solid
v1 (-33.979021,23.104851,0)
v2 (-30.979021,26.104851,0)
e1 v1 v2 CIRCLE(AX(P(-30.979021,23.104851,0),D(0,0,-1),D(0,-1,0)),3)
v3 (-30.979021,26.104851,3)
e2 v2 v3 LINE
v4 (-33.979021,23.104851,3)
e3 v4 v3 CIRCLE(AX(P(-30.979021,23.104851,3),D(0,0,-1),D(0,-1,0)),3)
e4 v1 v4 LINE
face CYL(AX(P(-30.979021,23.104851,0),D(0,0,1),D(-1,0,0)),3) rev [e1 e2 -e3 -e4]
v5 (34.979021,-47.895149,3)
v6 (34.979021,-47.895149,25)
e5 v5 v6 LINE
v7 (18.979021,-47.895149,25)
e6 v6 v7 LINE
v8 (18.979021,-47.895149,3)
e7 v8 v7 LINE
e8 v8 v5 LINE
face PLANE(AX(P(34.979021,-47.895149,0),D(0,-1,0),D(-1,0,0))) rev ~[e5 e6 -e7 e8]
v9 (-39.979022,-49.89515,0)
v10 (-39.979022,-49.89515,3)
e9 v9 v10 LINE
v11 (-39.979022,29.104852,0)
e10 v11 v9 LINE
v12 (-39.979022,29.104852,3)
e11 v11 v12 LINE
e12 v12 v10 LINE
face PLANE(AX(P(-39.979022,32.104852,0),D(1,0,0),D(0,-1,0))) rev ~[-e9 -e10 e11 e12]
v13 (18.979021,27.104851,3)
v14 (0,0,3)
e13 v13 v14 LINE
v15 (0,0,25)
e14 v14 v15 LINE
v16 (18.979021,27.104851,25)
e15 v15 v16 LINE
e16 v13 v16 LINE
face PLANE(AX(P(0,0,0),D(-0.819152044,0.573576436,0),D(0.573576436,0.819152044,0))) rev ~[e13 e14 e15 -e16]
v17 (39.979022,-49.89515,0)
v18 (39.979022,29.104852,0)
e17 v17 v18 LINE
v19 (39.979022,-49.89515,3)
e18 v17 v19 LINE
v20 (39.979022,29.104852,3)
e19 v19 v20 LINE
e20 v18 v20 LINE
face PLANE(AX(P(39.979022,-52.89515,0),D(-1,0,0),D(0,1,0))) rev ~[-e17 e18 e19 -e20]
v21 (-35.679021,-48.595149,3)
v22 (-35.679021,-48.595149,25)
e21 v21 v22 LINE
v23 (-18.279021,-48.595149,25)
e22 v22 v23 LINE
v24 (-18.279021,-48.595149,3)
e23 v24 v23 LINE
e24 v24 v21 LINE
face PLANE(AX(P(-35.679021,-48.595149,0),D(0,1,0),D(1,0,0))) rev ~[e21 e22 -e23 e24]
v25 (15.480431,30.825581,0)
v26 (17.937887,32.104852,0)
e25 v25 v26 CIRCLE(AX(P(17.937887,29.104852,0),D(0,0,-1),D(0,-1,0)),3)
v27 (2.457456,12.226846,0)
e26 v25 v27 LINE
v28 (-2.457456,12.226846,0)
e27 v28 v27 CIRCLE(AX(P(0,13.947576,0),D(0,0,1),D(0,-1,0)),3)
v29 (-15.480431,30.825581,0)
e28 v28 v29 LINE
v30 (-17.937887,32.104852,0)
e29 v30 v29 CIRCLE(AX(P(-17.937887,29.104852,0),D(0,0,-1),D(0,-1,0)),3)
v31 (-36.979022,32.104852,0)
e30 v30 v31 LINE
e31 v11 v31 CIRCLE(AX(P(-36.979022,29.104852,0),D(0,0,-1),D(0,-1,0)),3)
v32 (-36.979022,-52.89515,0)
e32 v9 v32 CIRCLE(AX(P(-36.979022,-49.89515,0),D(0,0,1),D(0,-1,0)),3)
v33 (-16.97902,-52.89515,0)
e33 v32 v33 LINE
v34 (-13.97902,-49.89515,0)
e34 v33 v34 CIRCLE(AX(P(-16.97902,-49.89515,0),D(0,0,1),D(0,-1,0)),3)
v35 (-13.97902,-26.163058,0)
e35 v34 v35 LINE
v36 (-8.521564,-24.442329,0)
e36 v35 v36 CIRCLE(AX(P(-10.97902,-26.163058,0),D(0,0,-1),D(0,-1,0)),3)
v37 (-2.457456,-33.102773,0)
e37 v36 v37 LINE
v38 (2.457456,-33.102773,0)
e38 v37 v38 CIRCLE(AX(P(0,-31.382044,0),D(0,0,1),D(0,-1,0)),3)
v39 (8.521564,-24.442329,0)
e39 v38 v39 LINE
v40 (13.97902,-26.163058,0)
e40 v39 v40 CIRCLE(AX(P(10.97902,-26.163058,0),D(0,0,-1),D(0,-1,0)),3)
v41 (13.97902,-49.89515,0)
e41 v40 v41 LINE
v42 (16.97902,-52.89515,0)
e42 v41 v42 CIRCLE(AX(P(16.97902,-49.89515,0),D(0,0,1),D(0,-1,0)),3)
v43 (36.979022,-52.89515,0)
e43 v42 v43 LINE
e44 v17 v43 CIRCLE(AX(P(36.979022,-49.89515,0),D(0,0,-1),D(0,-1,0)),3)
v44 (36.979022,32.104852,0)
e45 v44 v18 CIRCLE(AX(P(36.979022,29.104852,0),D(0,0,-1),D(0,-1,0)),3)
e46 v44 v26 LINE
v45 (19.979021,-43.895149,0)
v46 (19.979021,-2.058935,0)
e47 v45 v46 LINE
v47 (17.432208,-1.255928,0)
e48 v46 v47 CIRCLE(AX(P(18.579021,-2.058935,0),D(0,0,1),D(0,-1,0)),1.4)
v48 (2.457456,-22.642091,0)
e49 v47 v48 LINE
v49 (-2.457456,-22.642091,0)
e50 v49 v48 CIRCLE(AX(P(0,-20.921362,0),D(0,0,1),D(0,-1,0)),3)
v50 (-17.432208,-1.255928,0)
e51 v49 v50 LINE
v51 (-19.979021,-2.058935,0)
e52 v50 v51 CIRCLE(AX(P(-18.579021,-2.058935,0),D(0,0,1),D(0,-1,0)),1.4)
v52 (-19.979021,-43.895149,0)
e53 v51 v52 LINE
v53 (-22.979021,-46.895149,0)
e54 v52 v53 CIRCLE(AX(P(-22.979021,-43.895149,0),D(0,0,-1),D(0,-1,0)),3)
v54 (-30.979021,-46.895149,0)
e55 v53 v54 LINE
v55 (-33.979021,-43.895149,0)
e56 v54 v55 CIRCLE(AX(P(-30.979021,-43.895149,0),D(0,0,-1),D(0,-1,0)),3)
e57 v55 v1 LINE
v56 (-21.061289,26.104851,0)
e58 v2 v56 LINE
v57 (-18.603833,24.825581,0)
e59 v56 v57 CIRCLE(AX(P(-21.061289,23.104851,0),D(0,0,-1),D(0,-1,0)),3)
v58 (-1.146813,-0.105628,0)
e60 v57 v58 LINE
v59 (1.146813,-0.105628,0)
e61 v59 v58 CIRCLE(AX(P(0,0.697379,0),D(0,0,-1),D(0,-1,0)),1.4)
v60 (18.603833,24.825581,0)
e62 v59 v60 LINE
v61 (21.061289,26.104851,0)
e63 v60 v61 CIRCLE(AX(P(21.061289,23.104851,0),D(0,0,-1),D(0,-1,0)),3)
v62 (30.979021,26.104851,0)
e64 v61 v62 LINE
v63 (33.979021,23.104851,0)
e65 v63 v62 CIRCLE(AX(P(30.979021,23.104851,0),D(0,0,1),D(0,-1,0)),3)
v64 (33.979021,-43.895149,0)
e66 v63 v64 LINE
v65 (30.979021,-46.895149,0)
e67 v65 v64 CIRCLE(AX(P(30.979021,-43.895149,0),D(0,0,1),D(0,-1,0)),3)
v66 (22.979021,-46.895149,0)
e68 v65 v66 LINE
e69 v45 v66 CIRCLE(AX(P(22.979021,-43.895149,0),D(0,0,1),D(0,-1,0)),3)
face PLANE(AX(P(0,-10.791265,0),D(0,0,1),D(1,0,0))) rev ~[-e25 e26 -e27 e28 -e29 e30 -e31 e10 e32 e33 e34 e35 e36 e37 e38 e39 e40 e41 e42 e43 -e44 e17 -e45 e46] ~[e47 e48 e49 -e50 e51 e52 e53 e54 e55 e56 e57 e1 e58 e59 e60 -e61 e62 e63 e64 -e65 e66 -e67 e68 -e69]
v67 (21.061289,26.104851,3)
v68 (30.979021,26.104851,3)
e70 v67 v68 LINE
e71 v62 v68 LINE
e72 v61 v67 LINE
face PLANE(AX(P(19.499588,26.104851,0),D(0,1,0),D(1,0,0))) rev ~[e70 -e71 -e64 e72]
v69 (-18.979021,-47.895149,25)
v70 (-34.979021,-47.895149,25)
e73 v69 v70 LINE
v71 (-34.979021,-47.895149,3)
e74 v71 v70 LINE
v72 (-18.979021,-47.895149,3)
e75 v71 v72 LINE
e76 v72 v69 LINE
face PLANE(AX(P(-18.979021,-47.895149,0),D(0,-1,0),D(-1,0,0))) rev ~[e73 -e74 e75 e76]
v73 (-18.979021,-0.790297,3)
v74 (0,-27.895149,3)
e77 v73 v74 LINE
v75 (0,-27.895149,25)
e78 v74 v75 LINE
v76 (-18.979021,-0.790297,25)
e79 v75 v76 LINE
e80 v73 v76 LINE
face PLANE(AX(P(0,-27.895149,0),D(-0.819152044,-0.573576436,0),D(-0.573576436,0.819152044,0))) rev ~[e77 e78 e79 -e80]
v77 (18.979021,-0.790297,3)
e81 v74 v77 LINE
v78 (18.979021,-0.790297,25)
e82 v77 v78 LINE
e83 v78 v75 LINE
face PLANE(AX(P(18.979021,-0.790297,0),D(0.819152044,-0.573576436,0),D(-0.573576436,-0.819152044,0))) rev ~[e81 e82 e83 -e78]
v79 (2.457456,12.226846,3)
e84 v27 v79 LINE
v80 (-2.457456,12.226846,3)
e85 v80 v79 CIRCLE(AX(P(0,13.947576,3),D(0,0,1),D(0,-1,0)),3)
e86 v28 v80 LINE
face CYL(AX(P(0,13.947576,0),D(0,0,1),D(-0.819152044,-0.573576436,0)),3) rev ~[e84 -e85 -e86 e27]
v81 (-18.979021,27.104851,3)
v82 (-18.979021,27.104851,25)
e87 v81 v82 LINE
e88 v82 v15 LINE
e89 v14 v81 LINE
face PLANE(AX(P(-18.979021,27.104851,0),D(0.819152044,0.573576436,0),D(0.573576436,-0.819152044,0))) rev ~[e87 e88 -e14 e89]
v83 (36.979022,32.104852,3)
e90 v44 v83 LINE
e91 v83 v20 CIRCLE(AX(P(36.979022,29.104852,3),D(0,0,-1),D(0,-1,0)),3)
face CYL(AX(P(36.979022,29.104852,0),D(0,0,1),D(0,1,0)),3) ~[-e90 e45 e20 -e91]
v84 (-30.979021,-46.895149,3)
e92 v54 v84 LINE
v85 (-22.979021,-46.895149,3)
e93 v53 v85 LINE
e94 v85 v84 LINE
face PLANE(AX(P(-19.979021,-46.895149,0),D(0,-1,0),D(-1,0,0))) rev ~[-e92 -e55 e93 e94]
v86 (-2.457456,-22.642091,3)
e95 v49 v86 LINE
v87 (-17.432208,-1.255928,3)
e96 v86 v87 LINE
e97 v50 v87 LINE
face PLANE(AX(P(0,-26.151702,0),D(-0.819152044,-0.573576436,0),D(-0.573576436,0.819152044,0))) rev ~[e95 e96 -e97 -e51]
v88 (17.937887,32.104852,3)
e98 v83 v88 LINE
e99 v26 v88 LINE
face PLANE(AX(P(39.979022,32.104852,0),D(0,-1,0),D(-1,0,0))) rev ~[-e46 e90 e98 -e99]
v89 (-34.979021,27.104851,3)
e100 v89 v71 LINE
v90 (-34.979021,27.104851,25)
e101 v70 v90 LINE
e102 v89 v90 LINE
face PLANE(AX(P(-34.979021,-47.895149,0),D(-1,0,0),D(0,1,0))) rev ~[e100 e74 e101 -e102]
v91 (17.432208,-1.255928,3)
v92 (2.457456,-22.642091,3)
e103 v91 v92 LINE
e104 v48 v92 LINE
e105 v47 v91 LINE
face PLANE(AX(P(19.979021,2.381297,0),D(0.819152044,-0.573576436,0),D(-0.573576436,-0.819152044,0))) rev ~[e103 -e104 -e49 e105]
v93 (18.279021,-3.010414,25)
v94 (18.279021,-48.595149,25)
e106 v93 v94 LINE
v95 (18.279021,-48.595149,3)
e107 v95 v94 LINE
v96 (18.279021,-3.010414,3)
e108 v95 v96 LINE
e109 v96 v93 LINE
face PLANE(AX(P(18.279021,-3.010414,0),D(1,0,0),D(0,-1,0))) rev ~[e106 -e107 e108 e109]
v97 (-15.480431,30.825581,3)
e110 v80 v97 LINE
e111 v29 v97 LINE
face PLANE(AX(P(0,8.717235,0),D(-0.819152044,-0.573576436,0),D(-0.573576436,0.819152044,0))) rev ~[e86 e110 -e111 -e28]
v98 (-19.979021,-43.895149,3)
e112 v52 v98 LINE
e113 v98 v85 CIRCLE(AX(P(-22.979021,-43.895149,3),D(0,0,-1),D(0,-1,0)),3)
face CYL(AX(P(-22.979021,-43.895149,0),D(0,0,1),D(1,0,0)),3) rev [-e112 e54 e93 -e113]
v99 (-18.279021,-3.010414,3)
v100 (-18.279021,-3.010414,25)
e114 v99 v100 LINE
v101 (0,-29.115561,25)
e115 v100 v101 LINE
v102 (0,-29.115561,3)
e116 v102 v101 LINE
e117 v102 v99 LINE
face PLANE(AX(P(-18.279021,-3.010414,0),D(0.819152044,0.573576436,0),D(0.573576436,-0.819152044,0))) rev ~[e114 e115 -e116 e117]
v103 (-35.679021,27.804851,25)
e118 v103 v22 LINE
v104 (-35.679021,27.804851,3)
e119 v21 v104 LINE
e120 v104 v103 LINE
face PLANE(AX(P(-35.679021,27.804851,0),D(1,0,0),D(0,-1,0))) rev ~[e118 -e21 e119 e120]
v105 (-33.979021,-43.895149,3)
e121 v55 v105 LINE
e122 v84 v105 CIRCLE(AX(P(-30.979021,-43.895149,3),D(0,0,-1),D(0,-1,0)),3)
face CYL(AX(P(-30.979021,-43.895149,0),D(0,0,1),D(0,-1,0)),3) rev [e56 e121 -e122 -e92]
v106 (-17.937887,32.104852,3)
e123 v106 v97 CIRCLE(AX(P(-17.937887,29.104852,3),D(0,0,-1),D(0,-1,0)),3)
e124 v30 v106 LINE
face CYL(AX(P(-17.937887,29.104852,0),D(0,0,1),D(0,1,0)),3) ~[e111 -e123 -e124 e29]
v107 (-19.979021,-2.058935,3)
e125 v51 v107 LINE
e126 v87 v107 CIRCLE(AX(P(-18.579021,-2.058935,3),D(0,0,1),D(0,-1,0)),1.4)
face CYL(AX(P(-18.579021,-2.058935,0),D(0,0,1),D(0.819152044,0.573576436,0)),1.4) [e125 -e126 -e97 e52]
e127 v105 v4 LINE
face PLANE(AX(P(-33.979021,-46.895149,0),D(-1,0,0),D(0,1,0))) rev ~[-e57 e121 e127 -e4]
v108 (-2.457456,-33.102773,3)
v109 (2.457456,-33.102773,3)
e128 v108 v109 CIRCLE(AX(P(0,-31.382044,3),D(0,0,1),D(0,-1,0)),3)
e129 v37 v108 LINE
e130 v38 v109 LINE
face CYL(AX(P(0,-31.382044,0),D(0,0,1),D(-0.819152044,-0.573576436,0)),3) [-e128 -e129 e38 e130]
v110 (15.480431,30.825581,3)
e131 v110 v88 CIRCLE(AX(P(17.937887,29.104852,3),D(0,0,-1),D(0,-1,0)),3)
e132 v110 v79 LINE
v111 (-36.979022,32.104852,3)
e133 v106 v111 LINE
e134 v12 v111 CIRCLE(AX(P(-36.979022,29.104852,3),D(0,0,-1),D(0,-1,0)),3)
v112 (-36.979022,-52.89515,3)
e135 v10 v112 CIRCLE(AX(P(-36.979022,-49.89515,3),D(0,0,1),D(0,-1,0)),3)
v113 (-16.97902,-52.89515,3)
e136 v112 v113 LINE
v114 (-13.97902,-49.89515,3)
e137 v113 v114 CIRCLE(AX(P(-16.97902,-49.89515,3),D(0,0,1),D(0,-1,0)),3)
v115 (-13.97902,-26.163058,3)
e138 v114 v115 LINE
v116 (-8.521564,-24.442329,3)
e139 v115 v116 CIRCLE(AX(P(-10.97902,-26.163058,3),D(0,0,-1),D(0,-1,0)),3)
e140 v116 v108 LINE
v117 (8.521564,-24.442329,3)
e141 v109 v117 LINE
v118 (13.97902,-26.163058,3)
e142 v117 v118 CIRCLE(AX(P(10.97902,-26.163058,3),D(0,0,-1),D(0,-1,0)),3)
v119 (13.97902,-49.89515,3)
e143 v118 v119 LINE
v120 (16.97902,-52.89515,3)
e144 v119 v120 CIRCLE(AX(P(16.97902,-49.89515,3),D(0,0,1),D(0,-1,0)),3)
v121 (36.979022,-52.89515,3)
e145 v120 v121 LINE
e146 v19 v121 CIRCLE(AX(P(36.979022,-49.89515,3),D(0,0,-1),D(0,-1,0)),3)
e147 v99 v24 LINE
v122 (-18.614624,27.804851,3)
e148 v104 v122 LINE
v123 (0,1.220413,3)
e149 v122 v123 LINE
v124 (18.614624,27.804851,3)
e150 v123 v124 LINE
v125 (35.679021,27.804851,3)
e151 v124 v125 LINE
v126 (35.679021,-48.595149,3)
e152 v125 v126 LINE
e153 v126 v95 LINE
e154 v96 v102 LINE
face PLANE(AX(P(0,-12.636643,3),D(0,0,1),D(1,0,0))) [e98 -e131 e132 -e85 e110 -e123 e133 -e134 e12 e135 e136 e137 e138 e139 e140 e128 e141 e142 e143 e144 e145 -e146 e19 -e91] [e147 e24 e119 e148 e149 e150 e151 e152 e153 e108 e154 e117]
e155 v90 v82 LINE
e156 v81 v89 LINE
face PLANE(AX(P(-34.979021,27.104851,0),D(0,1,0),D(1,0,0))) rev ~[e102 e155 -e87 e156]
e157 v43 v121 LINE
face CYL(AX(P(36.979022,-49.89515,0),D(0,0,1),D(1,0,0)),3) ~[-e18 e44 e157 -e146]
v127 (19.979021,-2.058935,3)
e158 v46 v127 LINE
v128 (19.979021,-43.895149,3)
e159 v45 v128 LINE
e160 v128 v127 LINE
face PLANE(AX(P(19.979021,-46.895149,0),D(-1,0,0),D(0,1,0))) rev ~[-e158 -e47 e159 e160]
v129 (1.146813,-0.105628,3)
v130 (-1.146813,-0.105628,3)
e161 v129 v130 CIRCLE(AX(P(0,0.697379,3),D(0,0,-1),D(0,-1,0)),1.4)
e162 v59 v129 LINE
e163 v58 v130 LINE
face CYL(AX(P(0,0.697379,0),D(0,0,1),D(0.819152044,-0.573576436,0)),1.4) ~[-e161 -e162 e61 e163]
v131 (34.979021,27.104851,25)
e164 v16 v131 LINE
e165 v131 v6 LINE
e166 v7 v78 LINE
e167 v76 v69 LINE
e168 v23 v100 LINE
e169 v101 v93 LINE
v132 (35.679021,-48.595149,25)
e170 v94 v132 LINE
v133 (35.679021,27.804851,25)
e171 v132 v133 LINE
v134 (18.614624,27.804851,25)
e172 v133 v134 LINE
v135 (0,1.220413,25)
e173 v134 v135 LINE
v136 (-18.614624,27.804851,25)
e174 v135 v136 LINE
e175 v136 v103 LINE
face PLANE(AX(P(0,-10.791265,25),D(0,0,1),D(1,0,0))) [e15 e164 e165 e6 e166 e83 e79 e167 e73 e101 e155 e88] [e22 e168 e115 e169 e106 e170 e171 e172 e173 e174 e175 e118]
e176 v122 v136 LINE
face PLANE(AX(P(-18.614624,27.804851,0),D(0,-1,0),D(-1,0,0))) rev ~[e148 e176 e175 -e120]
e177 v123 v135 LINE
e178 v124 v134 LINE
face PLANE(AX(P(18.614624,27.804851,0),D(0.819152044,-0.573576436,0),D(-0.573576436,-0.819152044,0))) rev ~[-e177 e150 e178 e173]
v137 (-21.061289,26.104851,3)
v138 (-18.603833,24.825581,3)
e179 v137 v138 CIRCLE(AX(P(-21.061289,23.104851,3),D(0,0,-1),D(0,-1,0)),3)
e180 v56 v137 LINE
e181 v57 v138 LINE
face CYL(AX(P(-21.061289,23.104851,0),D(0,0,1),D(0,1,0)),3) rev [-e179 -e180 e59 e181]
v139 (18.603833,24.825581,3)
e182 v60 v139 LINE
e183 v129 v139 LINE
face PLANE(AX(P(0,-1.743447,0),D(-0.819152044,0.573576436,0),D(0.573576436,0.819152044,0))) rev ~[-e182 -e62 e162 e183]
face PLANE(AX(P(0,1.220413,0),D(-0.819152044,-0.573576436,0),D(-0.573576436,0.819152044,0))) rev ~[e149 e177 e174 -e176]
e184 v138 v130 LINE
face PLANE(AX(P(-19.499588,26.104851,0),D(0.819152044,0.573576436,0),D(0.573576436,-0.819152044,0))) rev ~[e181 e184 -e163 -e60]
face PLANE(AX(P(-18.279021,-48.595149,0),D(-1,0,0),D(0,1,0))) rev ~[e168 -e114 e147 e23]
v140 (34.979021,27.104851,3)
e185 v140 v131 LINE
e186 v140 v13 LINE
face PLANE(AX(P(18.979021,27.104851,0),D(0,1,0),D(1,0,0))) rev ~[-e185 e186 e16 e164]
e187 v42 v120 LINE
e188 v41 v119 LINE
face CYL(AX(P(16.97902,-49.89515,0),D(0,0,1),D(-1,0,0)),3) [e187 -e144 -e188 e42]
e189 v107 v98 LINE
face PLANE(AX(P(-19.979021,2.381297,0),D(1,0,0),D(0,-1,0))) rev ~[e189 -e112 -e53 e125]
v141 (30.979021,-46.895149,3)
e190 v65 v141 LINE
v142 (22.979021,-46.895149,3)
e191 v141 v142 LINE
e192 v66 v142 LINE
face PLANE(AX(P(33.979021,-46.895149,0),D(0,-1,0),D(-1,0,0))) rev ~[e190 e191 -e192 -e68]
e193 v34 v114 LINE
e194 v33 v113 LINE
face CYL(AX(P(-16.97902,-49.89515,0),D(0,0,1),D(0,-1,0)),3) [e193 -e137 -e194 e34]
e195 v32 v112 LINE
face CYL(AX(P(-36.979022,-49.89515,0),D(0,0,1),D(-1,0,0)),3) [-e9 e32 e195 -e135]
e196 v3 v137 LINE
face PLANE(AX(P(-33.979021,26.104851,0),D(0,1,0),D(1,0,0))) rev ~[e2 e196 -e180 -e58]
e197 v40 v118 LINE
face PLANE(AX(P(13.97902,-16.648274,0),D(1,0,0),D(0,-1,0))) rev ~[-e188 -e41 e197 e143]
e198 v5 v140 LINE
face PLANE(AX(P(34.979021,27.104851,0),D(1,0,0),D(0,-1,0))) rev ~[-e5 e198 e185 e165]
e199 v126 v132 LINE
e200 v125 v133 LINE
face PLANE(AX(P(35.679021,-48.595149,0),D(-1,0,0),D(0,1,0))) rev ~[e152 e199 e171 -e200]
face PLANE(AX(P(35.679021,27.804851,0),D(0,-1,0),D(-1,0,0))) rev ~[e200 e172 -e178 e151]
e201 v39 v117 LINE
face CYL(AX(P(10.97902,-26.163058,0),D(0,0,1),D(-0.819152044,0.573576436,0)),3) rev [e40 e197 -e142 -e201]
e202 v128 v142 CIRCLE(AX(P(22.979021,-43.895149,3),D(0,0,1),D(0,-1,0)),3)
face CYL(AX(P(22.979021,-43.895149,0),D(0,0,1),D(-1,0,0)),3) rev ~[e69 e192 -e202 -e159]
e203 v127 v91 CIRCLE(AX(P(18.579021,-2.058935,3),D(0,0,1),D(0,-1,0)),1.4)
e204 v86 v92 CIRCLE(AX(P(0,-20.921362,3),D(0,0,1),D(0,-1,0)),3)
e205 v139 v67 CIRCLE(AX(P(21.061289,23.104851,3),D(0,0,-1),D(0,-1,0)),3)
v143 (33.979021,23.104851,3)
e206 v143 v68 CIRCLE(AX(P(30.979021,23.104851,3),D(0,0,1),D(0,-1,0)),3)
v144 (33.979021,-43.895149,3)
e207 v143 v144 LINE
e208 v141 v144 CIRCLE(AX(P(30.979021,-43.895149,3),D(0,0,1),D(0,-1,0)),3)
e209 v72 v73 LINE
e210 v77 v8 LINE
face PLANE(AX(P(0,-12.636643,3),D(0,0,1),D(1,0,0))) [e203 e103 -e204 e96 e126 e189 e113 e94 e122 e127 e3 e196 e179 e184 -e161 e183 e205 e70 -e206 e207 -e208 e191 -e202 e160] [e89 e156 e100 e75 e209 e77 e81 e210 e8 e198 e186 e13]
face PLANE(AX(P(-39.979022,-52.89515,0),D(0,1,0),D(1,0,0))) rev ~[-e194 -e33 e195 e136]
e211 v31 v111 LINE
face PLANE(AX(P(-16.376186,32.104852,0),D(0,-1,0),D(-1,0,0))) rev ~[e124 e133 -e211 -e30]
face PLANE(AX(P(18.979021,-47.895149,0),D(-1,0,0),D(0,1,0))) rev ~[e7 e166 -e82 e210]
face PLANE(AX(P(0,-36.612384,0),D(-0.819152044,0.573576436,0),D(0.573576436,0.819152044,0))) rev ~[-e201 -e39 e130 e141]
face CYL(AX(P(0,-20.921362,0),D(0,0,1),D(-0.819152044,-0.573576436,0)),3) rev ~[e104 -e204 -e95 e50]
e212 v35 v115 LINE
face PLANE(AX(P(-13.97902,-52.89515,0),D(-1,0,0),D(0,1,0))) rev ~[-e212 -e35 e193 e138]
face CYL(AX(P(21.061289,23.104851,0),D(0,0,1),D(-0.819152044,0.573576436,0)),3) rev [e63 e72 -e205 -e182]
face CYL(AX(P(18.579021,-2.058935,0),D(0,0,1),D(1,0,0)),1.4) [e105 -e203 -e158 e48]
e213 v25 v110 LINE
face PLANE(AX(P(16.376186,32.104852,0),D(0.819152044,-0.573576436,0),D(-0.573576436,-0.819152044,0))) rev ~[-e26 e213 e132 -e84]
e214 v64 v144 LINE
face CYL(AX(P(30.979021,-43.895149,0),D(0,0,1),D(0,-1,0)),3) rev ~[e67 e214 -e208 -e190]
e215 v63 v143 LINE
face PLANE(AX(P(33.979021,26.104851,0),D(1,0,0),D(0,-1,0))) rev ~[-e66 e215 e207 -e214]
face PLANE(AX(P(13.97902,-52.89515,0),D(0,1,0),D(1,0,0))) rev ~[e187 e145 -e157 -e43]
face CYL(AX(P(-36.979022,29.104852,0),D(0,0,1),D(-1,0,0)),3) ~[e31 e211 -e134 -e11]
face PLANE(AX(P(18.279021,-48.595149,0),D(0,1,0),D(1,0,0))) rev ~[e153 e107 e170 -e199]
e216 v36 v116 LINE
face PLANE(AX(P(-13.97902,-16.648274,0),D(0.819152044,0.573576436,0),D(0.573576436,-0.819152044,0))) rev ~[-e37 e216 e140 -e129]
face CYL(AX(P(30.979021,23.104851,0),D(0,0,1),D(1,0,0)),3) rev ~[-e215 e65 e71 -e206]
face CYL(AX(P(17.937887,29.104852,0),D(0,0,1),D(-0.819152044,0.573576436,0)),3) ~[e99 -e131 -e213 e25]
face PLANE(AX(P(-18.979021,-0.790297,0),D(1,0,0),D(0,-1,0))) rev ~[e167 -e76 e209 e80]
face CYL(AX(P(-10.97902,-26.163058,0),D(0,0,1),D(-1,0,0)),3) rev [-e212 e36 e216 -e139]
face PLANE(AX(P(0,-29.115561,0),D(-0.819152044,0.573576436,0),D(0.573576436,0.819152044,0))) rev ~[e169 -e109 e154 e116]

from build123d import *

# Parameters (mm, degrees)
F1_DEPTH = 3
F2_DEPTH = 25
F3_R     = 3
F4_R     = 1.4


with BuildPart() as f1:
    # F0 (on Top) → F1 (new body)
    with BuildSketch(Plane.XY):
        Polygon((-39.9790219963, 32.104852085), (-39.9790219963, -52.8951495448), (-13.9790203664, -52.8951495448), (-13.9790203664, -16.6482740563), (0, -36.6123841288), (13.9790203664, -16.6482740563), (13.9790203664, -52.8951495448), (39.9790219963, -52.8951495448), (39.9790219963, 32.104852085), (16.3761855044, 32.104852085), (0, 8.7172353989), (-16.3761855044, 32.104852085), align=None)
        Polygon((-18.2790211814, -48.5951487299), (-35.6790211814, -48.5951487299), (-35.6790211814, 27.8048512701), (-18.614624246, 27.8048512701), (0, 1.2204127569), (18.614624246, 27.8048512701), (35.6790211814, 27.8048512701), (35.6790211814, -48.5951487299), (18.2790211814, -48.5951487299), (18.2790211814, -3.0104138215), (0, -29.1155614869), (-18.2790211814, -3.0104138215), align=None, mode=Mode.SUBTRACT)
        Polygon((-35.6790211814, 27.8048512701), (-35.6790211814, -48.5951487299), (-18.2790211814, -48.5951487299), (-18.2790211814, -3.0104138215), (0, -29.1155614869), (18.2790211814, -3.0104138215), (18.2790211814, -48.5951487299), (35.6790211814, -48.5951487299), (35.6790211814, 27.8048512701), (18.614624246, 27.8048512701), (0, 1.2204127569), (-18.614624246, 27.8048512701), align=None)
        Polygon((-18.9790211814, -47.8951487299), (-34.9790211814, -47.8951487299), (-34.9790211814, 27.1048512701), (-18.9790211814, 27.1048512701), (0, 0), (18.9790211814, 27.1048512701), (34.9790211814, 27.1048512701), (34.9790211814, -47.8951487299), (18.9790211814, -47.8951487299), (18.9790211814, -0.7902974599), (0, -27.8951487299), (-18.9790211814, -0.7902974599), align=None, mode=Mode.SUBTRACT)
        Polygon((-34.9790211814, 27.1048512701), (-34.9790211814, -47.8951487299), (-18.9790211814, -47.8951487299), (-18.9790211814, -0.7902974599), (0, -27.8951487299), (18.9790211814, -0.7902974599), (18.9790211814, -47.8951487299), (34.9790211814, -47.8951487299), (34.9790211814, 27.1048512701), (18.9790211814, 27.1048512701), (0, 0), (-18.9790211814, 27.1048512701), align=None)
        Polygon((-19.9790211814, -46.8951487299), (-33.9790211814, -46.8951487299), (-33.9790211814, 26.1048512701), (-19.4995882319, 26.1048512701), (0, -1.7434467956), (19.4995882319, 26.1048512701), (33.9790211814, 26.1048512701), (33.9790211814, -46.8951487299), (19.9790211814, -46.8951487299), (19.9790211814, 2.3812973425), (0, -26.1517019343), (-19.9790211814, 2.3812973425), align=None, mode=Mode.SUBTRACT)
    extrude(amount=F1_DEPTH)

    # F0 (on Top) → F2 (join)
    with BuildSketch(Plane.XY):
        Polygon((-35.6790211814, 27.8048512701), (-35.6790211814, -48.5951487299), (-18.2790211814, -48.5951487299), (-18.2790211814, -3.0104138215), (0, -29.1155614869), (18.2790211814, -3.0104138215), (18.2790211814, -48.5951487299), (35.6790211814, -48.5951487299), (35.6790211814, 27.8048512701), (18.614624246, 27.8048512701), (0, 1.2204127569), (-18.614624246, 27.8048512701), align=None)
        Polygon((-18.9790211814, -47.8951487299), (-34.9790211814, -47.8951487299), (-34.9790211814, 27.1048512701), (-18.9790211814, 27.1048512701), (0, 0), (18.9790211814, 27.1048512701), (34.9790211814, 27.1048512701), (34.9790211814, -47.8951487299), (18.9790211814, -47.8951487299), (18.9790211814, -0.7902974599), (0, -27.8951487299), (-18.9790211814, -0.7902974599), align=None, mode=Mode.SUBTRACT)
    extrude(amount=F2_DEPTH)

    # F3
    f3_edges = [f1.edges().sort_by_distance(p)[0] for p in [
        (19.499588, 26.104851, 1.5),
        (33.979021, 26.104851, 1.5),
        (-33.979021, -46.895149, 1.5),
        (-19.979021, -46.895149, 1.5),
        (-39.979022, -52.89515, 1.5),
        (-13.97902, -52.89515, 1.5),
        (13.97902, -52.89515, 1.5),
        (39.979022, -52.89515, 1.5),
        (39.979022, 32.104852, 1.5),
        (16.376186, 32.104852, 1.5),
        (-16.376186, 32.104852, 1.5),
        (0, 8.717235, 1.5),
        (-39.979022, 32.104852, 1.5),
        (0, -36.612384, 1.5),
        (-13.97902, -16.648274, 1.5),
        (13.97902, -16.648274, 1.5),
        (0, -26.151702, 1.5),
        (-19.499588, 26.104851, 1.5),
        (-33.979021, 26.104851, 1.5),
        (33.979021, -46.895149, 1.5),
        (19.979021, -46.895149, 1.5),
    ]]
    fillet(f3_edges, radius=F3_R)

    # F4
    f4_edges = [f1.edges().sort_by_distance(p)[0] for p in [
        (-19.979021, 2.381297, 1.5),
        (19.979021, 2.381297, 1.5),
        (0, -1.743447, 1.5),
    ]]
    fillet(f4_edges, radius=F4_R)


solid = f1.part
